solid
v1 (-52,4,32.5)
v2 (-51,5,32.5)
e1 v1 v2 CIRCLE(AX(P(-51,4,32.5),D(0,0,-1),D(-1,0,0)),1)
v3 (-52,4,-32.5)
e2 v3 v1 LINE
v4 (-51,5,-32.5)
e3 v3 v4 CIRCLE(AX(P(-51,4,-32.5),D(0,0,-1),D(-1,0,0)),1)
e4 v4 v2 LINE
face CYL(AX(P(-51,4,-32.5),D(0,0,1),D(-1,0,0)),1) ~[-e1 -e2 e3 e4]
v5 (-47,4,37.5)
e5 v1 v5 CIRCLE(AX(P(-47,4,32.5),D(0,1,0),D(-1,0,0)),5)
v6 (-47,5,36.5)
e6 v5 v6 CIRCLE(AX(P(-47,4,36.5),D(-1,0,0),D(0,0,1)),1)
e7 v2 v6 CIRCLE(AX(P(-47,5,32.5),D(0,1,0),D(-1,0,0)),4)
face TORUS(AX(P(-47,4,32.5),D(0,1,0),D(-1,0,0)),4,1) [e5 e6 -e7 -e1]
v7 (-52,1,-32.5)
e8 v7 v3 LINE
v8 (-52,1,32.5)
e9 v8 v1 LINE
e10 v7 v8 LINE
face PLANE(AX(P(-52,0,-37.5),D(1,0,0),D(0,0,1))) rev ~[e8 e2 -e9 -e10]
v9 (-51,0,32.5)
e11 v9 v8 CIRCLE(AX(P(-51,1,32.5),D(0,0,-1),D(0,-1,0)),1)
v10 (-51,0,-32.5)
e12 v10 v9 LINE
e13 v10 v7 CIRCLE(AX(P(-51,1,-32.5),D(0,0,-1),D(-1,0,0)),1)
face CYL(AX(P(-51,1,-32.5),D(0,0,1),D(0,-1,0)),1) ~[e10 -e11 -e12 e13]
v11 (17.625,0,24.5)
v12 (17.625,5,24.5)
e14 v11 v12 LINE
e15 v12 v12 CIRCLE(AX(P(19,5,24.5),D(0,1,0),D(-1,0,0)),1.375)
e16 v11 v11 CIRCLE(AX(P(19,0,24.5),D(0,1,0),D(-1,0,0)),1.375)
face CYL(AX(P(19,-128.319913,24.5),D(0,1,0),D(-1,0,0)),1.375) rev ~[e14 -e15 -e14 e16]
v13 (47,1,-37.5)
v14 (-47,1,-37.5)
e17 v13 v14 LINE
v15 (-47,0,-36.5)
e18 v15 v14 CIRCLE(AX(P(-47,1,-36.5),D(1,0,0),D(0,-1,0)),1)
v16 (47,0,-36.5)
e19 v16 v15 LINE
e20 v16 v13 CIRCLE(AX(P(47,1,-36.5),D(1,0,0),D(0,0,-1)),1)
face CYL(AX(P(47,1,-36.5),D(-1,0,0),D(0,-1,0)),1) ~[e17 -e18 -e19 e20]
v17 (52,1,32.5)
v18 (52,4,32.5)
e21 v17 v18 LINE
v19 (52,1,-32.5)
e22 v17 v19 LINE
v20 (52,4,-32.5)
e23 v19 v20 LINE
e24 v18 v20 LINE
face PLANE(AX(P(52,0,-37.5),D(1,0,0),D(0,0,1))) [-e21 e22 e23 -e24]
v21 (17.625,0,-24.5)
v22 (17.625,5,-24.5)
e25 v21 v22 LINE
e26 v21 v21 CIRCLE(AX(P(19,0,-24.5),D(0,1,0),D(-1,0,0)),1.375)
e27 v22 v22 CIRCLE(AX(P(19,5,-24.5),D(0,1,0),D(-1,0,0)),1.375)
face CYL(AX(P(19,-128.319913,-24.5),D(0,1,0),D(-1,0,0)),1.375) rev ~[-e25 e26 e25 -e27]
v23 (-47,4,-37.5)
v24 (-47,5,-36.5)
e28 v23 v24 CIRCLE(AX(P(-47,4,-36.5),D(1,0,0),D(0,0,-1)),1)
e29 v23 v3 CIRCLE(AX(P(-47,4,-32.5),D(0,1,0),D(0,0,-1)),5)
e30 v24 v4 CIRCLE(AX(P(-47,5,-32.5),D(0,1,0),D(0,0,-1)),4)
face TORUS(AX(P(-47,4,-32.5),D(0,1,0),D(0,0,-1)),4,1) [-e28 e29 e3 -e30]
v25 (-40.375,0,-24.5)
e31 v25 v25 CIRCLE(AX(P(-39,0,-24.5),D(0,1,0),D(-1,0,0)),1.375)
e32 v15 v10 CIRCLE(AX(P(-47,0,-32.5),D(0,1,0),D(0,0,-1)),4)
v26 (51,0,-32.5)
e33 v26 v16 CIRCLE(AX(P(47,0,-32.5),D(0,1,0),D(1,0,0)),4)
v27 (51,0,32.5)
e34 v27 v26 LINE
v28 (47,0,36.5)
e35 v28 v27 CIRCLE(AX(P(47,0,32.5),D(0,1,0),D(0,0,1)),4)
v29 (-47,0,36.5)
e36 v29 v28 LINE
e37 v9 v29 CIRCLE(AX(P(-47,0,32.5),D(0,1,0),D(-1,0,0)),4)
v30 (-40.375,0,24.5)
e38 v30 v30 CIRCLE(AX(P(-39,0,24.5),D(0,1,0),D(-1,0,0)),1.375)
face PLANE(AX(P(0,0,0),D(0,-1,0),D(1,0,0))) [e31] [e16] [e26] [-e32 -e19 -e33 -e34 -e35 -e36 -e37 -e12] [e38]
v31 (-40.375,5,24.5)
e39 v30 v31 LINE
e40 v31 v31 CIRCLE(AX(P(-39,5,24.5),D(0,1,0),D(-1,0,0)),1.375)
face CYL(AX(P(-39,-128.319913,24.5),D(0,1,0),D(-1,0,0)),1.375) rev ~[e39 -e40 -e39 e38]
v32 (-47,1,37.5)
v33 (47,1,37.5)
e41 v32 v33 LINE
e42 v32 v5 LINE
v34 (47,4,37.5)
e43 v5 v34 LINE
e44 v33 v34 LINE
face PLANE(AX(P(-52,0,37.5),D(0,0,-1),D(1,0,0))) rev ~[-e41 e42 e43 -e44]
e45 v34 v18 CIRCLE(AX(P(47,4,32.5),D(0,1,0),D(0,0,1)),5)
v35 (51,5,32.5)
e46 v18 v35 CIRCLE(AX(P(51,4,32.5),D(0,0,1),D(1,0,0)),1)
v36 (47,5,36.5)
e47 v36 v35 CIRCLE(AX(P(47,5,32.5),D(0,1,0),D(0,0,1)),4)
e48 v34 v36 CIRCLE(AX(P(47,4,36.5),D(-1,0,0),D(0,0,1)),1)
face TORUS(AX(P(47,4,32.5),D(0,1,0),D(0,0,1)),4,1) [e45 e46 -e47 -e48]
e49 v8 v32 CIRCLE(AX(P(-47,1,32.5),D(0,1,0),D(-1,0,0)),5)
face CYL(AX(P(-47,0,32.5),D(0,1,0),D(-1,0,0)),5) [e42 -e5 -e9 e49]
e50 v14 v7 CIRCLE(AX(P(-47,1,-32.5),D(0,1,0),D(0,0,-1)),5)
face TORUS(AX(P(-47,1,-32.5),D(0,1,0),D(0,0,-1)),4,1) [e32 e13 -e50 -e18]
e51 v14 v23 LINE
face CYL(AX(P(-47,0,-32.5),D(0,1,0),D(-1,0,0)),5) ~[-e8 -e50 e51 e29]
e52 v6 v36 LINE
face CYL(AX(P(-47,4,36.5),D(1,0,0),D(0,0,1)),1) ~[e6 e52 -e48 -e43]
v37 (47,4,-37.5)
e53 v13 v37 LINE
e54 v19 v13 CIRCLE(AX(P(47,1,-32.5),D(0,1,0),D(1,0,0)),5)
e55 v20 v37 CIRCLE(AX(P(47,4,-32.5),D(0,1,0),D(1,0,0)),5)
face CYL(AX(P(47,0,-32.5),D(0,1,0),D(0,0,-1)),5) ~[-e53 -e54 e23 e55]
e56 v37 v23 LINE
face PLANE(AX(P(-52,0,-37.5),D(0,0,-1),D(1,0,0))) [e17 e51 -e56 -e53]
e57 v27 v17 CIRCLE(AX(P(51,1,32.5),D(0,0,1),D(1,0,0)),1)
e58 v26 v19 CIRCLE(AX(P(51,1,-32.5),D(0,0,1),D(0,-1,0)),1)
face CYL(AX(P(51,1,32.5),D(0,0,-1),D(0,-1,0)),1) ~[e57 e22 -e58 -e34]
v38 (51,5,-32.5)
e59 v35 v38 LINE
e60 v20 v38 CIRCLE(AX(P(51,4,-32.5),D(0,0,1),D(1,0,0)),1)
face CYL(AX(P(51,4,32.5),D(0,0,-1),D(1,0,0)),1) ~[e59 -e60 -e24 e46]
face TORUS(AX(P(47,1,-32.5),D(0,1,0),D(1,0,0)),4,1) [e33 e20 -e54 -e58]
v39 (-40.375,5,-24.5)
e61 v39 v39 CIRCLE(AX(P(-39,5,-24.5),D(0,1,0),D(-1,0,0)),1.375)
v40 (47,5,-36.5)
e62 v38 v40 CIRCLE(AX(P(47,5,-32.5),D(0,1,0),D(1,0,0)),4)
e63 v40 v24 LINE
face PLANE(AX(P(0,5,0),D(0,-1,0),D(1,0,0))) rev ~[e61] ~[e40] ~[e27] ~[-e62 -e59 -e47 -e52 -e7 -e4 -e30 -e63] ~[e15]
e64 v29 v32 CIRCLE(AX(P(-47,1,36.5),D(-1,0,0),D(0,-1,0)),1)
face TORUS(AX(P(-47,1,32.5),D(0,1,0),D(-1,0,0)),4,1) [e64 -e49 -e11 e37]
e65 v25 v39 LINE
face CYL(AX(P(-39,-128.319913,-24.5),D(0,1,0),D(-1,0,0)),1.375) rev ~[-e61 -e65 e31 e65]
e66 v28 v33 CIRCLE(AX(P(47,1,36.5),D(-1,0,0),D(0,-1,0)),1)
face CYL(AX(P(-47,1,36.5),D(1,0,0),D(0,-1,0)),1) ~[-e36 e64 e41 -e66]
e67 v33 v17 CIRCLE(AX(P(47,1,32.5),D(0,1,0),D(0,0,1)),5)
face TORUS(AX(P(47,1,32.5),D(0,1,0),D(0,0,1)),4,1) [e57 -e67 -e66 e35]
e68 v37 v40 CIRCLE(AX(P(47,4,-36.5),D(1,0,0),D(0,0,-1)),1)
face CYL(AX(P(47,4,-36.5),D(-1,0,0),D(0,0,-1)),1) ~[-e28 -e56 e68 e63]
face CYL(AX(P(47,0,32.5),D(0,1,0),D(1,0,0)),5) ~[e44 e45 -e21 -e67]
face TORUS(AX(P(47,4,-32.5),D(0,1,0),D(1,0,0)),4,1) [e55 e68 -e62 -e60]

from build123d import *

# Parameters (mm, degrees)
F0_W     = 104
F0_H     = 75
F1_DEPTH = 5
F2_R     = 5
F4_D     = 2.75
F5_R     = 1
F6_R     = 1


with BuildPart() as f1:
    # F0 (on Front) → F1 (new body)
    with BuildSketch(Plane.XZ):
        Rectangle(F0_W, F0_H)
    extrude(amount=-F1_DEPTH)

    # F2
    f2_edges = [f1.edges().sort_by_distance(p)[0] for p in [
        (-52, 2.5, 37.5),
        (52, 2.5, 37.5),
        (52, 2.5, -37.5),
        (-52, 2.5, -37.5),
    ]]
    fillet(f2_edges, radius=F2_R)

    # F4 (through all)
    with Locations(Plane.XZ):
        with Locations((-39, 24.5), (19, 24.5), (19, -24.5), (-39, -24.5)):
            Hole(F4_D / 2)

    # F5
    f5_edges = [f1.edges().sort_by_distance(p)[0] for p in [
        (-52, 5, 0),
    ]]
    fillet(f5_edges, radius=F5_R)

    # F6
    f6_edges = [f1.edges().sort_by_distance(p)[0] for p in [
        (0, 0, 37.5),
    ]]
    fillet(f6_edges, radius=F6_R)


solid = f1.part
